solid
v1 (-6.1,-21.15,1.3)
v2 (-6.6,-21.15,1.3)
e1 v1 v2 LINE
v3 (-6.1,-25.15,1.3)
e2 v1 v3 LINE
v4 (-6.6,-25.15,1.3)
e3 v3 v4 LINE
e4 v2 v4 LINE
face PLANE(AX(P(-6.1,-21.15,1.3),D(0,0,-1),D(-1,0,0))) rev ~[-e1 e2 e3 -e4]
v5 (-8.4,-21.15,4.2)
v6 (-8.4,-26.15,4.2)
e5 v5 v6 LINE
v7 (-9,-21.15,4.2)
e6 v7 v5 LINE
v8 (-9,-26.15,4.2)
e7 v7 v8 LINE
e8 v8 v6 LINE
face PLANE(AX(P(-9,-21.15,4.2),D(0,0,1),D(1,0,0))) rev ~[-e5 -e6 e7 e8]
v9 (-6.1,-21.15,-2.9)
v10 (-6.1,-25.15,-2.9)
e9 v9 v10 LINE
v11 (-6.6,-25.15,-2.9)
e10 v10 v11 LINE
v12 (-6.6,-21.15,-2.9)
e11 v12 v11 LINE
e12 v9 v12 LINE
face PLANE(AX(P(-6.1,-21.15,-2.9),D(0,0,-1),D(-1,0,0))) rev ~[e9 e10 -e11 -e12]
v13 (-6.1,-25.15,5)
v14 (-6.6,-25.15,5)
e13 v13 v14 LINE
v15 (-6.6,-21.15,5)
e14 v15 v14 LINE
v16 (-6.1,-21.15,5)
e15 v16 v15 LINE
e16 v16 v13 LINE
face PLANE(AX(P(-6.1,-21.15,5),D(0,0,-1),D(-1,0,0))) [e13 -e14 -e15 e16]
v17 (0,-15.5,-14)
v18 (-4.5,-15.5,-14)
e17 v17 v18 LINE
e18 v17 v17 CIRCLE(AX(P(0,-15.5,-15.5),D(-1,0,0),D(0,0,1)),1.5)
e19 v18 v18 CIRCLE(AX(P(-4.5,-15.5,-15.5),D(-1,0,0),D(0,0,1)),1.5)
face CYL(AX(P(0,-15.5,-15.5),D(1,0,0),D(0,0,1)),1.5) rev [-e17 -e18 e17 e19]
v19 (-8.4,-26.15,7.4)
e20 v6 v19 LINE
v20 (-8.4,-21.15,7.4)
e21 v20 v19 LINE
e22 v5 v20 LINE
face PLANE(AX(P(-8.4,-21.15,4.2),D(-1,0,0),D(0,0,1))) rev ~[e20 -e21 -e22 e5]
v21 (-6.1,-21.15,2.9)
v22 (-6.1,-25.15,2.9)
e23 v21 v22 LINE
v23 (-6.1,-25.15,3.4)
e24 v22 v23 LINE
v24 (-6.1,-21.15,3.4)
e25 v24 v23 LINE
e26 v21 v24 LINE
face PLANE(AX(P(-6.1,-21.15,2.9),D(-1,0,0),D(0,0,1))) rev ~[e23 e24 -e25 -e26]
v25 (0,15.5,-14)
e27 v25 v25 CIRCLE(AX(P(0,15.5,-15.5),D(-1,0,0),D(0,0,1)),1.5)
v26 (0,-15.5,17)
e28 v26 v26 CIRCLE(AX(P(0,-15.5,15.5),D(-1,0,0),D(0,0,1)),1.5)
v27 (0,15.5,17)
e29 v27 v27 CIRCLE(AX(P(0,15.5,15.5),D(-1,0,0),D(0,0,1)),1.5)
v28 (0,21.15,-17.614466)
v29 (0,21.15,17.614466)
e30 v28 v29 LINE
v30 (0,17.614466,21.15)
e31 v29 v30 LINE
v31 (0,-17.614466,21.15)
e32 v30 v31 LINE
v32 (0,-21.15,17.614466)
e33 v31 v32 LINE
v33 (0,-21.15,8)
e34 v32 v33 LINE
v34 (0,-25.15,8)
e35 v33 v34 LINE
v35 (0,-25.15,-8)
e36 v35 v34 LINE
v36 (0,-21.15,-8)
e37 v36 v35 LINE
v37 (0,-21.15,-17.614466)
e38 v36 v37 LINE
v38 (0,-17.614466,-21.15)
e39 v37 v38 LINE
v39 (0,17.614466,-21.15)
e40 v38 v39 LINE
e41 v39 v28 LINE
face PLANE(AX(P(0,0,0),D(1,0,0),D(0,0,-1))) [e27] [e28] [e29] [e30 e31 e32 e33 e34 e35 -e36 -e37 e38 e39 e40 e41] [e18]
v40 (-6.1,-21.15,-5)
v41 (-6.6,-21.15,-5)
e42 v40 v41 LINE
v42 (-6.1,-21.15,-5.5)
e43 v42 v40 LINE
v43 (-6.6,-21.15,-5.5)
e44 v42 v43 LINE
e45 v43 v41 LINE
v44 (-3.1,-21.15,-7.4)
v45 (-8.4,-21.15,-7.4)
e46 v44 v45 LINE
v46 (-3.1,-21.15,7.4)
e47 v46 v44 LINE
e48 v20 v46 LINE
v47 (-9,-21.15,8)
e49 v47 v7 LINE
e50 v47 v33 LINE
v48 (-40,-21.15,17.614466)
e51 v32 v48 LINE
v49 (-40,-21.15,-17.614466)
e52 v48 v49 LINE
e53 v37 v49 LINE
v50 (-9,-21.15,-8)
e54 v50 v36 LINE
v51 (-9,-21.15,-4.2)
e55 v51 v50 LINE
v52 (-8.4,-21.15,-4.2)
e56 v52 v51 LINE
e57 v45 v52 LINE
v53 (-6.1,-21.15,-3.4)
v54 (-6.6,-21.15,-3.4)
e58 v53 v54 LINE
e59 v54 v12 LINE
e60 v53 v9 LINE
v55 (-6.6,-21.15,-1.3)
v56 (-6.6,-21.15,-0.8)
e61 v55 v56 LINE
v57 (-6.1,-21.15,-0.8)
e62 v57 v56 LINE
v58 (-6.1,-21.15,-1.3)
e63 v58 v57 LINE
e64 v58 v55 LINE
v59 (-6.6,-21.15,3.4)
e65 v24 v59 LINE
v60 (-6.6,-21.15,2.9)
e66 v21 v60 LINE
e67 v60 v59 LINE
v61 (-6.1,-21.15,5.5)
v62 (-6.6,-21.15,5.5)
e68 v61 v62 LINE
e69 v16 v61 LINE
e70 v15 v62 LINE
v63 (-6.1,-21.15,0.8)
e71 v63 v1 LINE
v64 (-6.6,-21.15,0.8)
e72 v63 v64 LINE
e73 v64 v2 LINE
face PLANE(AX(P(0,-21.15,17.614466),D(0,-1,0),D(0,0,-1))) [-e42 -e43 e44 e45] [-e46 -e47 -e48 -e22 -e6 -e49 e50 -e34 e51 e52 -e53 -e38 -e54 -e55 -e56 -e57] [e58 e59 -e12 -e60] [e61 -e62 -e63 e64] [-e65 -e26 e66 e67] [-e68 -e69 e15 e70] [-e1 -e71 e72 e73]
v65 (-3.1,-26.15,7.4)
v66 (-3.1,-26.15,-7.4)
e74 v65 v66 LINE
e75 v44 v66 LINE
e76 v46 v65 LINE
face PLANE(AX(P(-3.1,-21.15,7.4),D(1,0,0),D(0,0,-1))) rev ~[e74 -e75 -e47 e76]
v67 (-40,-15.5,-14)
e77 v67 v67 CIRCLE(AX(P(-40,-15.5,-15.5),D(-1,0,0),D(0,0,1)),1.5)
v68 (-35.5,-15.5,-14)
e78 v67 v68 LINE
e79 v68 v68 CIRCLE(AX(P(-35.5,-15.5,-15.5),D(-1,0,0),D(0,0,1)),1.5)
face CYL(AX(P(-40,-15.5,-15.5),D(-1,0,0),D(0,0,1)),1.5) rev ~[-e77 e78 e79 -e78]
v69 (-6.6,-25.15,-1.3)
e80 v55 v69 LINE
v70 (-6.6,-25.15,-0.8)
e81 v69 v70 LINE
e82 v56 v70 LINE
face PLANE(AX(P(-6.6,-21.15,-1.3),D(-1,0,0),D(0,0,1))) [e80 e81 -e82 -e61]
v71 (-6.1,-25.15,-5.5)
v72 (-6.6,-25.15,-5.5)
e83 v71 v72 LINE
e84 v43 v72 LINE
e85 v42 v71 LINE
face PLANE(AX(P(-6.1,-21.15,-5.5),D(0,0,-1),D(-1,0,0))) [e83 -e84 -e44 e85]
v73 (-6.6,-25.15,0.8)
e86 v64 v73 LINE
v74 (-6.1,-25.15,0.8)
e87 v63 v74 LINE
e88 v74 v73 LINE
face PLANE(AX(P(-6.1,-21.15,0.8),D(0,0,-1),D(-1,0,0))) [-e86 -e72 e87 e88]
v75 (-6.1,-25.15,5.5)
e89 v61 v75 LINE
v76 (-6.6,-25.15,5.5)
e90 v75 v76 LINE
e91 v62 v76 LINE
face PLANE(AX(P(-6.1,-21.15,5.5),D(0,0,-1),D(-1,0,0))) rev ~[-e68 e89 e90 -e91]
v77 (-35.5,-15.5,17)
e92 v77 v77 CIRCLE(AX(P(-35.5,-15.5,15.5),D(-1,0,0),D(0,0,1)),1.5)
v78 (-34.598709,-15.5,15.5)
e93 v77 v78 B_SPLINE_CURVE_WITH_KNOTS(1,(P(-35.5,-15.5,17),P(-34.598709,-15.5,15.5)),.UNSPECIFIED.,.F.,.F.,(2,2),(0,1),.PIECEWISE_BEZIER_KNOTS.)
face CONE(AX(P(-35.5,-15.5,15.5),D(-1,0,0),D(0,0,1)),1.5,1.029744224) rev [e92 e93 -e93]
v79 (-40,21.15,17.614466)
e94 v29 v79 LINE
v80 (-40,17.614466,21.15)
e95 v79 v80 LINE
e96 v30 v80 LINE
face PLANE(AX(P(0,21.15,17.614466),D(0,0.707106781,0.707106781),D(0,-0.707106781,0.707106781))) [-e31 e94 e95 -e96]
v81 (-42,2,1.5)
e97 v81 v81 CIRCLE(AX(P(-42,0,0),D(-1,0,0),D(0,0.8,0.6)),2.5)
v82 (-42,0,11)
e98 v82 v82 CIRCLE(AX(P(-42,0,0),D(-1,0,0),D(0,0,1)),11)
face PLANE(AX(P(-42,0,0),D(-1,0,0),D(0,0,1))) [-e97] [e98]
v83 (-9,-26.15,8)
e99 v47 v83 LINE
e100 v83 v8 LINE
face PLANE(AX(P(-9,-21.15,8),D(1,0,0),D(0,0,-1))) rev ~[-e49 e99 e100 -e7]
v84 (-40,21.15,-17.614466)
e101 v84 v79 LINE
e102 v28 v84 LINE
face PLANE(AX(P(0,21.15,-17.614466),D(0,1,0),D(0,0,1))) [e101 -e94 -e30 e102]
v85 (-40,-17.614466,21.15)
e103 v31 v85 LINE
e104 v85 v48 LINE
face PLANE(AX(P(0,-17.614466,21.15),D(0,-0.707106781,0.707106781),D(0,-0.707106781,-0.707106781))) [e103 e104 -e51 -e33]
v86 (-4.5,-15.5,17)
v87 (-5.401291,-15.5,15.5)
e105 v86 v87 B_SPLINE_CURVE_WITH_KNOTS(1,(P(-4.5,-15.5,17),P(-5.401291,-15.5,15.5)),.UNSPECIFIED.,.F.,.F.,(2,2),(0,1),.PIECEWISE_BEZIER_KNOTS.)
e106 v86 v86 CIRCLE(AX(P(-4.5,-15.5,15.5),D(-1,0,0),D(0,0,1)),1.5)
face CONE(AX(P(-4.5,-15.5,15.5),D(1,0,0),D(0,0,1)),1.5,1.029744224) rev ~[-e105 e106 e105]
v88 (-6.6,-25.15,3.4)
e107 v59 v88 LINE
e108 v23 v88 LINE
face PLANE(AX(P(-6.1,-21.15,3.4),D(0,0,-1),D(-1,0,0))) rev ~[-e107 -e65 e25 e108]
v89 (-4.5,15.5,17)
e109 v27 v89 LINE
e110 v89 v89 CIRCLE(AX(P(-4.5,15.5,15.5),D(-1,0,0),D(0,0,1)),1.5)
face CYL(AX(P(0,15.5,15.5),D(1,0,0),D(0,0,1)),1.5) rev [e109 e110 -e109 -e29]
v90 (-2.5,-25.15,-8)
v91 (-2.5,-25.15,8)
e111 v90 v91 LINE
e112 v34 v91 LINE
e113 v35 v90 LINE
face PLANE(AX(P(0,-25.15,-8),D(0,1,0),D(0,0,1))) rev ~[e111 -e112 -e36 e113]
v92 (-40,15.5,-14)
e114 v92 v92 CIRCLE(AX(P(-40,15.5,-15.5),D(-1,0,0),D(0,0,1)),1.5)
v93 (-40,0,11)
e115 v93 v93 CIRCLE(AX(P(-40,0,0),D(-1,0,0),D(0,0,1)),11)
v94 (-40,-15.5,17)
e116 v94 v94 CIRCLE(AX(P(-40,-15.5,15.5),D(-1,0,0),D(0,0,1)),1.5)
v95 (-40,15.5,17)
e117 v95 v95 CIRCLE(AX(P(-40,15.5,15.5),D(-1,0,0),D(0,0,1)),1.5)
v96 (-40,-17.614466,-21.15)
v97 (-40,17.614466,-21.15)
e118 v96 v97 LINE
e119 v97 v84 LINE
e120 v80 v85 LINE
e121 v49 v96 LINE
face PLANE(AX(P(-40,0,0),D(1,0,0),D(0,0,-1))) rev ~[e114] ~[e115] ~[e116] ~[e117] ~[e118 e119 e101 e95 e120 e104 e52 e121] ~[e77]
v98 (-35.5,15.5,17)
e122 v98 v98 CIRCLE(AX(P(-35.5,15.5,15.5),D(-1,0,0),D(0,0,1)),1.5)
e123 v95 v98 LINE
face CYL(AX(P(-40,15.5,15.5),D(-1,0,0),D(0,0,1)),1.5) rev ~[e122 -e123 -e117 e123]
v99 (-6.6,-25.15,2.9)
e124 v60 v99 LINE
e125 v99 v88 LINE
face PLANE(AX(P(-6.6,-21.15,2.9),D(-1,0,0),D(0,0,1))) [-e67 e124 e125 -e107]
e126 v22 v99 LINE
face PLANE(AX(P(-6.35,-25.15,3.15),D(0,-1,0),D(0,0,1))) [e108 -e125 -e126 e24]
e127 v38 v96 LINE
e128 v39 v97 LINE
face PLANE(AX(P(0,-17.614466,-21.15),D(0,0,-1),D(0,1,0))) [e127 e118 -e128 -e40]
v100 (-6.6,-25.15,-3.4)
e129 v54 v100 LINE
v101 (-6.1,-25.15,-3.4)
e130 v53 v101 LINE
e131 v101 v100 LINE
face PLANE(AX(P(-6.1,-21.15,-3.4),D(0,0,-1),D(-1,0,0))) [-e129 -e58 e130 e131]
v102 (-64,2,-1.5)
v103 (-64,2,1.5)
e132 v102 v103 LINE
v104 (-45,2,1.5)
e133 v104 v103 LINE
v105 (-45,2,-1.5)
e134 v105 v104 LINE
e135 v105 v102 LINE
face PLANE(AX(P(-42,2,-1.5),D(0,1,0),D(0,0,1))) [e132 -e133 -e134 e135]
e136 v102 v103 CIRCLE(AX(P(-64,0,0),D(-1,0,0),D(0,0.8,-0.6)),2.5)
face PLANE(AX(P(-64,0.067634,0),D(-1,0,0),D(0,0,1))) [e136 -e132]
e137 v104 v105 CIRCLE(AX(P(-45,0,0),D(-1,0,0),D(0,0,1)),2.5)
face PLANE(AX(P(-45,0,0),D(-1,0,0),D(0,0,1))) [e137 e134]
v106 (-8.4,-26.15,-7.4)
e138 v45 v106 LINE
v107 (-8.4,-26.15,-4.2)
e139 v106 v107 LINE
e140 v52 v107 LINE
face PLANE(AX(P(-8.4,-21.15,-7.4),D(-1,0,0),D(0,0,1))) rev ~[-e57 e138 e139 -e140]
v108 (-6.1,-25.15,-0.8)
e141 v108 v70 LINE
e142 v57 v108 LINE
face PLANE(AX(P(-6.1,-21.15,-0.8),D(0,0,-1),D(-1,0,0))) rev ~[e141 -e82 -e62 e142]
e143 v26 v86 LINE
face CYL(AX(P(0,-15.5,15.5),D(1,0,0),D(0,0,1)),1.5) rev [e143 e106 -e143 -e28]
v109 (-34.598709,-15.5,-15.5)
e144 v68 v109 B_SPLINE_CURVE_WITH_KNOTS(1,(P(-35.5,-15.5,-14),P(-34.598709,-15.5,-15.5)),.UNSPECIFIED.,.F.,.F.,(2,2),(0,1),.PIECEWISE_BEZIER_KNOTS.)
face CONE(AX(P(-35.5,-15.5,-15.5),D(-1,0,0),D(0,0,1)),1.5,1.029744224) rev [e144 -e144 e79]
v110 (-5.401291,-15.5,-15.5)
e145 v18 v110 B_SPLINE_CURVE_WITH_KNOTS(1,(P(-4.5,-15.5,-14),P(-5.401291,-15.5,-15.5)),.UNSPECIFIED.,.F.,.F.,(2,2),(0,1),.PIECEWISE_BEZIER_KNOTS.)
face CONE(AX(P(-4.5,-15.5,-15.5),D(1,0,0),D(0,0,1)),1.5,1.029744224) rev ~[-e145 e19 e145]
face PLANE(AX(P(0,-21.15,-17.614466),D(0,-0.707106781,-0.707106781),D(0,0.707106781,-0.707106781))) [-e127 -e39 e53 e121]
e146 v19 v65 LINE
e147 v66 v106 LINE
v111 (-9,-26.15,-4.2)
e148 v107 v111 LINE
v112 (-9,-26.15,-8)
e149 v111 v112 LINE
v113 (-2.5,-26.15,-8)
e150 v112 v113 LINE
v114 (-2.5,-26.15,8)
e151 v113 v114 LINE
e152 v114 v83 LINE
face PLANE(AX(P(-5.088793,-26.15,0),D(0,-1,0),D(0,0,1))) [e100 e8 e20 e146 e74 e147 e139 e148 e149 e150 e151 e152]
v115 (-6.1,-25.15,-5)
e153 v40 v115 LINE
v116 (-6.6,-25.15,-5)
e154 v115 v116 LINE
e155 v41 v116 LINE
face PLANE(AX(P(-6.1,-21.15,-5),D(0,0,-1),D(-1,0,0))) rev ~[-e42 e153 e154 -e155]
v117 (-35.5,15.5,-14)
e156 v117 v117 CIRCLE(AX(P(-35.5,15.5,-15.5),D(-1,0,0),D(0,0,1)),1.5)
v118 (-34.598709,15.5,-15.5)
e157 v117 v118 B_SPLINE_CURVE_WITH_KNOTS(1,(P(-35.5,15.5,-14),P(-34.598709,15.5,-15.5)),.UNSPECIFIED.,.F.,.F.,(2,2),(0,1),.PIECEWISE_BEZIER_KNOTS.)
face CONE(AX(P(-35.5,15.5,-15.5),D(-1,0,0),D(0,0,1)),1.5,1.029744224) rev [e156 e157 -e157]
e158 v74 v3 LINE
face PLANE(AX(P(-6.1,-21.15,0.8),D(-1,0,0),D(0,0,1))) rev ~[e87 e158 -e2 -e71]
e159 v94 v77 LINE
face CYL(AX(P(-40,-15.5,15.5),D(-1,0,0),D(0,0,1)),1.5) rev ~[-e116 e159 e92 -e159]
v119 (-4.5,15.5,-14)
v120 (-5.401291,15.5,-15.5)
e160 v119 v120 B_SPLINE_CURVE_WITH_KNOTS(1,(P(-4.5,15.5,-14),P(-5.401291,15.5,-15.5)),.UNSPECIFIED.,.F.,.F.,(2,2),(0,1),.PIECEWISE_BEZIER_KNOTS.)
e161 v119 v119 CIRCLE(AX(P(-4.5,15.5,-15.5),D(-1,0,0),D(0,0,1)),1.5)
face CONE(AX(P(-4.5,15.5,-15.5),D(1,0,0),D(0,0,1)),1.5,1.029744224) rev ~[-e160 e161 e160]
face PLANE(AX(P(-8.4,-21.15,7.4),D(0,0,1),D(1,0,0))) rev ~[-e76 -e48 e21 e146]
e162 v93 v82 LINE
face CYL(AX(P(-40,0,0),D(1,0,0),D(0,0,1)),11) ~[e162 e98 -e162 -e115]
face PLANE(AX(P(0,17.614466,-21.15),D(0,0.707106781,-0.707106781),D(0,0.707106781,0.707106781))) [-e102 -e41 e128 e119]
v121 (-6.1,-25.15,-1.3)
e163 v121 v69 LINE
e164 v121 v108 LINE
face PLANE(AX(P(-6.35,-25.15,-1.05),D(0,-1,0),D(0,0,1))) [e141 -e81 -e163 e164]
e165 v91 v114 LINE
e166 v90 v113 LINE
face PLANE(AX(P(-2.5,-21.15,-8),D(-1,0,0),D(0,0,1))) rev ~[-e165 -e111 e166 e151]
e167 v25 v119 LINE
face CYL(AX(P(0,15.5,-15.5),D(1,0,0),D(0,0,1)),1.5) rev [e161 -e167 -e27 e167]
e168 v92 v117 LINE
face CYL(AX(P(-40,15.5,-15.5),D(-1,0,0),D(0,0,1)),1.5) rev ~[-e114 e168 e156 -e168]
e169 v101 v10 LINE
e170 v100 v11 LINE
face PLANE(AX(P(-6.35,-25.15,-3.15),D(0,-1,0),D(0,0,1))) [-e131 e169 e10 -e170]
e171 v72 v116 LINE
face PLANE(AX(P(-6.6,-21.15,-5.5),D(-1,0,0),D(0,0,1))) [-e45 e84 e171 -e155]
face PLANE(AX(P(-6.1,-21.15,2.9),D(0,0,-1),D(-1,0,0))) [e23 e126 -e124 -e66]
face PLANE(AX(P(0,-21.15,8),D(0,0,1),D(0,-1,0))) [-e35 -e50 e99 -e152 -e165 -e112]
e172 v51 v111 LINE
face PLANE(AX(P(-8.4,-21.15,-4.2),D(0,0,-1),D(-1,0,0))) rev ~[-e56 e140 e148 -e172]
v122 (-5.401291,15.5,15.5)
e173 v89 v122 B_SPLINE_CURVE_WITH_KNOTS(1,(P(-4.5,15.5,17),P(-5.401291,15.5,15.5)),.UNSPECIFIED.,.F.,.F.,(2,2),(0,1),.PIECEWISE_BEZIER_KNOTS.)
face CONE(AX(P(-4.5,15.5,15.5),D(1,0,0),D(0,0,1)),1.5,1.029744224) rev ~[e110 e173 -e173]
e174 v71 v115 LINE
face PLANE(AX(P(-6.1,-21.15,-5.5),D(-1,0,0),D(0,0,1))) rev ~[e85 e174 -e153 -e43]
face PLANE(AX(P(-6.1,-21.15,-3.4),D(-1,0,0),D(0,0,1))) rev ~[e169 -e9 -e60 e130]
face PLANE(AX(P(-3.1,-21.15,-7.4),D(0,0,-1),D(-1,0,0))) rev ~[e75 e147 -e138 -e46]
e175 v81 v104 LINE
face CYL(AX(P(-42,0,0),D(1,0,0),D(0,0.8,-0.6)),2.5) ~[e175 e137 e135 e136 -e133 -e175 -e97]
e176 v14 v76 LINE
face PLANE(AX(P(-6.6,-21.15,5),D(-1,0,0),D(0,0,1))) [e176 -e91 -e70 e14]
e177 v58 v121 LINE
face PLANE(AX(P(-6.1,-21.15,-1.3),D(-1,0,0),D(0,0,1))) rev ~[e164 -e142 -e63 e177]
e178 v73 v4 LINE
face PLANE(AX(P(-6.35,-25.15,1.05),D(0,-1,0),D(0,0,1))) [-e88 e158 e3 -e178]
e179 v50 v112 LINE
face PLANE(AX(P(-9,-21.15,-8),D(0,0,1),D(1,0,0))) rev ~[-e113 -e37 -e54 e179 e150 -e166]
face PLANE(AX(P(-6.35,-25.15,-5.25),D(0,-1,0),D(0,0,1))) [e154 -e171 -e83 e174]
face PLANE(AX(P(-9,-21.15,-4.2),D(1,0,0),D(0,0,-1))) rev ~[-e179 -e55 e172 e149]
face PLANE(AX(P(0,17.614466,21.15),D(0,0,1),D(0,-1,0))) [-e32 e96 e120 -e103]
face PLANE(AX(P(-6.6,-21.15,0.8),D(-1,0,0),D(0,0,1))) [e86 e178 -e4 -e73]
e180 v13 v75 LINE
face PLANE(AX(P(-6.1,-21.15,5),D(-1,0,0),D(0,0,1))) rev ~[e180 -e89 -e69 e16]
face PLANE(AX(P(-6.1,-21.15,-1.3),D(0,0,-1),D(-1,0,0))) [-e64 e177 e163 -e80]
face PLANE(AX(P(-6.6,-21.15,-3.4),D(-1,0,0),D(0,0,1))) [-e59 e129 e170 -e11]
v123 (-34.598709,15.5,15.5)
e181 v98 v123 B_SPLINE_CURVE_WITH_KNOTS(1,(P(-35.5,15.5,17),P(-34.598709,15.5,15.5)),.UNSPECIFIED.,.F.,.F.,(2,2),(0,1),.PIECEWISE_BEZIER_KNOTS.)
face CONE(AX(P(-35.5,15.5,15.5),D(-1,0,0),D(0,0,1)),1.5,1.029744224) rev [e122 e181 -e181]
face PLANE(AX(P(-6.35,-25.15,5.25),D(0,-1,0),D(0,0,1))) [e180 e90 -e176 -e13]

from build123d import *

# Parameters (mm, degrees)
PAD001_DEPTH         = 40
SKETCH018_R          = 1.5
HOLE_DEPTH           = 4.5
HOLE_TIPS_R          = 1.5
SKETCH002_R          = 1.5
HOLE001_DEPTH        = 4.5
HOLE001_TIPS_R       = 1.5
SKETCH003_R          = 11
PAD002_DEPTH         = 2
PAD003_DEPTH         = 22
SKETCH005_R          = 2.5
PAD004_DEPTH         = 3
SKETCH006_W          = 16
SKETCH006_H          = 4
PAD005_DEPTH         = 2.5
PAD006_DEPTH         = 5
SKETCH008_W          = 0.5
SKETCH008_H          = 0.5
PAD007_DEPTH         = 4
BODY_PLACEMENT_ANGLE = 90


with BuildPart() as part:
    # Sketch017 → Pad001 (new body)
    with BuildSketch(Plane.XY):
        Polygon((-17.614466, 21.15), (17.614466, 21.15), (21.15, 17.614466), (21.15, -17.614466), (17.614466, -21.15), (-17.614466, -21.15), (-21.15, -17.614466), (-21.15, 17.614466), align=None)
    extrude(amount=PAD001_DEPTH)

    # Sketch018 (on Face10 of Pad001) → Hole (cut)
    with BuildSketch(Plane.XY.offset(40)):
        with Locations((15.5, 15.5)):
            Circle(SKETCH018_R)
        with Locations((-15.5, 15.5)):
            Circle(SKETCH018_R)
        with Locations((-15.5, -15.5)):
            Circle(SKETCH018_R)
        with Locations((15.5, -15.5)):
            Circle(SKETCH018_R)
    extrude(amount=-HOLE_DEPTH, mode=Mode.SUBTRACT)

    # Hole tips → Hole tip 1 section 0
    with BuildSketch(Plane.XY.offset(35.5), mode=Mode.PRIVATE) as hole_tip_1_s0:
        with Locations((15.5, 15.5)):
            Circle(HOLE_TIPS_R)
    loft([hole_tip_1_s0.sketch, Vertex(15.5, 15.5, 34.598709)], mode=Mode.SUBTRACT)

    # Hole tips → Hole tip 2 section 0
    with BuildSketch(Plane.XY.offset(35.5), mode=Mode.PRIVATE) as hole_tip_2_s0:
        with Locations((-15.5, 15.5)):
            Circle(HOLE_TIPS_R)
    loft([hole_tip_2_s0.sketch, Vertex(-15.5, 15.5, 34.598709)], mode=Mode.SUBTRACT)

    # Hole tips → Hole tip 3 section 0
    with BuildSketch(Plane.XY.offset(35.5), mode=Mode.PRIVATE) as hole_tip_3_s0:
        with Locations((-15.5, -15.5)):
            Circle(HOLE_TIPS_R)
    loft([hole_tip_3_s0.sketch, Vertex(-15.5, -15.5, 34.598709)], mode=Mode.SUBTRACT)

    # Hole tips → Hole tip 4 section 0
    with BuildSketch(Plane.XY.offset(35.5), mode=Mode.PRIVATE) as hole_tip_4_s0:
        with Locations((15.5, -15.5)):
            Circle(HOLE_TIPS_R)
    loft([hole_tip_4_s0.sketch, Vertex(15.5, -15.5, 34.598709)], mode=Mode.SUBTRACT)

    # Sketch002 → Hole001 (cut)
    with BuildSketch(Plane.XY):
        with Locations((-15.5, 15.5)):
            Circle(SKETCH002_R)
        with Locations((-15.5, -15.5)):
            Circle(SKETCH002_R)
        with Locations((15.5, -15.5)):
            Circle(SKETCH002_R)
        with Locations((15.5, 15.5)):
            Circle(SKETCH002_R)
    extrude(amount=HOLE001_DEPTH, mode=Mode.SUBTRACT)

    # Hole001 tips → Hole001 tip 1 section 0
    with BuildSketch(Plane.XY.offset(4.5), mode=Mode.PRIVATE) as hole001_tip_1_s0:
        with Locations((-15.5, 15.5)):
            Circle(HOLE001_TIPS_R)
    loft([hole001_tip_1_s0.sketch, Vertex(-15.5, 15.5, 5.401291)], mode=Mode.SUBTRACT)

    # Hole001 tips → Hole001 tip 2 section 0
    with BuildSketch(Plane.XY.offset(4.5), mode=Mode.PRIVATE) as hole001_tip_2_s0:
        with Locations((-15.5, -15.5)):
            Circle(HOLE001_TIPS_R)
    loft([hole001_tip_2_s0.sketch, Vertex(-15.5, -15.5, 5.401291)], mode=Mode.SUBTRACT)

    # Hole001 tips → Hole001 tip 3 section 0
    with BuildSketch(Plane.XY.offset(4.5), mode=Mode.PRIVATE) as hole001_tip_3_s0:
        with Locations((15.5, -15.5)):
            Circle(HOLE001_TIPS_R)
    loft([hole001_tip_3_s0.sketch, Vertex(15.5, -15.5, 5.401291)], mode=Mode.SUBTRACT)

    # Hole001 tips → Hole001 tip 4 section 0
    with BuildSketch(Plane.XY.offset(4.5), mode=Mode.PRIVATE) as hole001_tip_4_s0:
        with Locations((15.5, 15.5)):
            Circle(HOLE001_TIPS_R)
    loft([hole001_tip_4_s0.sketch, Vertex(15.5, 15.5, 5.401291)], mode=Mode.SUBTRACT)

    # Sketch003 (on Face5 of Hole001) → Pad002 (join)
    with BuildSketch(Plane.XY.offset(40)):
        Circle(SKETCH003_R)
    extrude(amount=PAD002_DEPTH)

    # Sketch004 (on Face27 of Pad002) → Pad003 (join)
    with BuildSketch(Plane.XY.offset(42)):
        with BuildLine():
            ThreePointArc((-1.5, 2), (0, -2.5), (1.5, 2))
            Line((-1.5, 2), (1.5, 2))
        make_face()
    extrude(amount=PAD003_DEPTH)

    # Sketch005 (on Face27 of Pad002) → Pad004 (join)
    with BuildSketch(Plane.XY.offset(42)):
        Circle(SKETCH005_R)
    extrude(amount=PAD004_DEPTH)

    # Sketch006 (on Face4 of Pad004) → Pad005 (join)
    with BuildSketch(Plane(origin=(0, 0, 0), x_dir=(1, 0, 0), z_dir=(0, 0, -1))):
        with Locations((0, 23.15)):
            Rectangle(SKETCH006_W, SKETCH006_H)
    extrude(amount=-PAD005_DEPTH)

    # Sketch007 (on Face10 of Pad005) → Pad006 (join)
    with BuildSketch(Plane.XZ.offset(21.15)):
        Polygon((-4.2, 9), (-8, 9), (-8, 2.5), (8, 2.5), (8, 9), (4.2, 9), (4.2, 8.4), (7.4, 8.4), (7.4, 3.1), (-7.4, 3.1), (-7.4, 8.4), (-4.2, 8.4), align=None)
    extrude(amount=PAD006_DEPTH)

    # Sketch008 (on Face10 of Pad006) → Pad007 (join)
    with BuildSketch(Plane.XZ.offset(21.15)):
        with Locations((-5.25, 6.35)):
            Rectangle(SKETCH008_W, SKETCH008_H)
        with Locations((-3.15, 6.35)):
            Rectangle(SKETCH008_W, SKETCH008_H)
        with Locations((-1.05, 6.35)):
            Rectangle(SKETCH008_W, SKETCH008_H)
        with Locations((1.05, 6.35)):
            Rectangle(SKETCH008_W, SKETCH008_H)
        with Locations((3.15, 6.35)):
            Rectangle(SKETCH008_W, SKETCH008_H)
        with Locations((5.25, 6.35)):
            Rectangle(SKETCH008_W, SKETCH008_H)
    extrude(amount=PAD007_DEPTH)


with BuildPart() as part_1:
    # Body placement: moved
    add(part.part.rotate(Axis((0, 0, 0), (0, -1, 0)), BODY_PLACEMENT_ANGLE))


solid = part_1.part
